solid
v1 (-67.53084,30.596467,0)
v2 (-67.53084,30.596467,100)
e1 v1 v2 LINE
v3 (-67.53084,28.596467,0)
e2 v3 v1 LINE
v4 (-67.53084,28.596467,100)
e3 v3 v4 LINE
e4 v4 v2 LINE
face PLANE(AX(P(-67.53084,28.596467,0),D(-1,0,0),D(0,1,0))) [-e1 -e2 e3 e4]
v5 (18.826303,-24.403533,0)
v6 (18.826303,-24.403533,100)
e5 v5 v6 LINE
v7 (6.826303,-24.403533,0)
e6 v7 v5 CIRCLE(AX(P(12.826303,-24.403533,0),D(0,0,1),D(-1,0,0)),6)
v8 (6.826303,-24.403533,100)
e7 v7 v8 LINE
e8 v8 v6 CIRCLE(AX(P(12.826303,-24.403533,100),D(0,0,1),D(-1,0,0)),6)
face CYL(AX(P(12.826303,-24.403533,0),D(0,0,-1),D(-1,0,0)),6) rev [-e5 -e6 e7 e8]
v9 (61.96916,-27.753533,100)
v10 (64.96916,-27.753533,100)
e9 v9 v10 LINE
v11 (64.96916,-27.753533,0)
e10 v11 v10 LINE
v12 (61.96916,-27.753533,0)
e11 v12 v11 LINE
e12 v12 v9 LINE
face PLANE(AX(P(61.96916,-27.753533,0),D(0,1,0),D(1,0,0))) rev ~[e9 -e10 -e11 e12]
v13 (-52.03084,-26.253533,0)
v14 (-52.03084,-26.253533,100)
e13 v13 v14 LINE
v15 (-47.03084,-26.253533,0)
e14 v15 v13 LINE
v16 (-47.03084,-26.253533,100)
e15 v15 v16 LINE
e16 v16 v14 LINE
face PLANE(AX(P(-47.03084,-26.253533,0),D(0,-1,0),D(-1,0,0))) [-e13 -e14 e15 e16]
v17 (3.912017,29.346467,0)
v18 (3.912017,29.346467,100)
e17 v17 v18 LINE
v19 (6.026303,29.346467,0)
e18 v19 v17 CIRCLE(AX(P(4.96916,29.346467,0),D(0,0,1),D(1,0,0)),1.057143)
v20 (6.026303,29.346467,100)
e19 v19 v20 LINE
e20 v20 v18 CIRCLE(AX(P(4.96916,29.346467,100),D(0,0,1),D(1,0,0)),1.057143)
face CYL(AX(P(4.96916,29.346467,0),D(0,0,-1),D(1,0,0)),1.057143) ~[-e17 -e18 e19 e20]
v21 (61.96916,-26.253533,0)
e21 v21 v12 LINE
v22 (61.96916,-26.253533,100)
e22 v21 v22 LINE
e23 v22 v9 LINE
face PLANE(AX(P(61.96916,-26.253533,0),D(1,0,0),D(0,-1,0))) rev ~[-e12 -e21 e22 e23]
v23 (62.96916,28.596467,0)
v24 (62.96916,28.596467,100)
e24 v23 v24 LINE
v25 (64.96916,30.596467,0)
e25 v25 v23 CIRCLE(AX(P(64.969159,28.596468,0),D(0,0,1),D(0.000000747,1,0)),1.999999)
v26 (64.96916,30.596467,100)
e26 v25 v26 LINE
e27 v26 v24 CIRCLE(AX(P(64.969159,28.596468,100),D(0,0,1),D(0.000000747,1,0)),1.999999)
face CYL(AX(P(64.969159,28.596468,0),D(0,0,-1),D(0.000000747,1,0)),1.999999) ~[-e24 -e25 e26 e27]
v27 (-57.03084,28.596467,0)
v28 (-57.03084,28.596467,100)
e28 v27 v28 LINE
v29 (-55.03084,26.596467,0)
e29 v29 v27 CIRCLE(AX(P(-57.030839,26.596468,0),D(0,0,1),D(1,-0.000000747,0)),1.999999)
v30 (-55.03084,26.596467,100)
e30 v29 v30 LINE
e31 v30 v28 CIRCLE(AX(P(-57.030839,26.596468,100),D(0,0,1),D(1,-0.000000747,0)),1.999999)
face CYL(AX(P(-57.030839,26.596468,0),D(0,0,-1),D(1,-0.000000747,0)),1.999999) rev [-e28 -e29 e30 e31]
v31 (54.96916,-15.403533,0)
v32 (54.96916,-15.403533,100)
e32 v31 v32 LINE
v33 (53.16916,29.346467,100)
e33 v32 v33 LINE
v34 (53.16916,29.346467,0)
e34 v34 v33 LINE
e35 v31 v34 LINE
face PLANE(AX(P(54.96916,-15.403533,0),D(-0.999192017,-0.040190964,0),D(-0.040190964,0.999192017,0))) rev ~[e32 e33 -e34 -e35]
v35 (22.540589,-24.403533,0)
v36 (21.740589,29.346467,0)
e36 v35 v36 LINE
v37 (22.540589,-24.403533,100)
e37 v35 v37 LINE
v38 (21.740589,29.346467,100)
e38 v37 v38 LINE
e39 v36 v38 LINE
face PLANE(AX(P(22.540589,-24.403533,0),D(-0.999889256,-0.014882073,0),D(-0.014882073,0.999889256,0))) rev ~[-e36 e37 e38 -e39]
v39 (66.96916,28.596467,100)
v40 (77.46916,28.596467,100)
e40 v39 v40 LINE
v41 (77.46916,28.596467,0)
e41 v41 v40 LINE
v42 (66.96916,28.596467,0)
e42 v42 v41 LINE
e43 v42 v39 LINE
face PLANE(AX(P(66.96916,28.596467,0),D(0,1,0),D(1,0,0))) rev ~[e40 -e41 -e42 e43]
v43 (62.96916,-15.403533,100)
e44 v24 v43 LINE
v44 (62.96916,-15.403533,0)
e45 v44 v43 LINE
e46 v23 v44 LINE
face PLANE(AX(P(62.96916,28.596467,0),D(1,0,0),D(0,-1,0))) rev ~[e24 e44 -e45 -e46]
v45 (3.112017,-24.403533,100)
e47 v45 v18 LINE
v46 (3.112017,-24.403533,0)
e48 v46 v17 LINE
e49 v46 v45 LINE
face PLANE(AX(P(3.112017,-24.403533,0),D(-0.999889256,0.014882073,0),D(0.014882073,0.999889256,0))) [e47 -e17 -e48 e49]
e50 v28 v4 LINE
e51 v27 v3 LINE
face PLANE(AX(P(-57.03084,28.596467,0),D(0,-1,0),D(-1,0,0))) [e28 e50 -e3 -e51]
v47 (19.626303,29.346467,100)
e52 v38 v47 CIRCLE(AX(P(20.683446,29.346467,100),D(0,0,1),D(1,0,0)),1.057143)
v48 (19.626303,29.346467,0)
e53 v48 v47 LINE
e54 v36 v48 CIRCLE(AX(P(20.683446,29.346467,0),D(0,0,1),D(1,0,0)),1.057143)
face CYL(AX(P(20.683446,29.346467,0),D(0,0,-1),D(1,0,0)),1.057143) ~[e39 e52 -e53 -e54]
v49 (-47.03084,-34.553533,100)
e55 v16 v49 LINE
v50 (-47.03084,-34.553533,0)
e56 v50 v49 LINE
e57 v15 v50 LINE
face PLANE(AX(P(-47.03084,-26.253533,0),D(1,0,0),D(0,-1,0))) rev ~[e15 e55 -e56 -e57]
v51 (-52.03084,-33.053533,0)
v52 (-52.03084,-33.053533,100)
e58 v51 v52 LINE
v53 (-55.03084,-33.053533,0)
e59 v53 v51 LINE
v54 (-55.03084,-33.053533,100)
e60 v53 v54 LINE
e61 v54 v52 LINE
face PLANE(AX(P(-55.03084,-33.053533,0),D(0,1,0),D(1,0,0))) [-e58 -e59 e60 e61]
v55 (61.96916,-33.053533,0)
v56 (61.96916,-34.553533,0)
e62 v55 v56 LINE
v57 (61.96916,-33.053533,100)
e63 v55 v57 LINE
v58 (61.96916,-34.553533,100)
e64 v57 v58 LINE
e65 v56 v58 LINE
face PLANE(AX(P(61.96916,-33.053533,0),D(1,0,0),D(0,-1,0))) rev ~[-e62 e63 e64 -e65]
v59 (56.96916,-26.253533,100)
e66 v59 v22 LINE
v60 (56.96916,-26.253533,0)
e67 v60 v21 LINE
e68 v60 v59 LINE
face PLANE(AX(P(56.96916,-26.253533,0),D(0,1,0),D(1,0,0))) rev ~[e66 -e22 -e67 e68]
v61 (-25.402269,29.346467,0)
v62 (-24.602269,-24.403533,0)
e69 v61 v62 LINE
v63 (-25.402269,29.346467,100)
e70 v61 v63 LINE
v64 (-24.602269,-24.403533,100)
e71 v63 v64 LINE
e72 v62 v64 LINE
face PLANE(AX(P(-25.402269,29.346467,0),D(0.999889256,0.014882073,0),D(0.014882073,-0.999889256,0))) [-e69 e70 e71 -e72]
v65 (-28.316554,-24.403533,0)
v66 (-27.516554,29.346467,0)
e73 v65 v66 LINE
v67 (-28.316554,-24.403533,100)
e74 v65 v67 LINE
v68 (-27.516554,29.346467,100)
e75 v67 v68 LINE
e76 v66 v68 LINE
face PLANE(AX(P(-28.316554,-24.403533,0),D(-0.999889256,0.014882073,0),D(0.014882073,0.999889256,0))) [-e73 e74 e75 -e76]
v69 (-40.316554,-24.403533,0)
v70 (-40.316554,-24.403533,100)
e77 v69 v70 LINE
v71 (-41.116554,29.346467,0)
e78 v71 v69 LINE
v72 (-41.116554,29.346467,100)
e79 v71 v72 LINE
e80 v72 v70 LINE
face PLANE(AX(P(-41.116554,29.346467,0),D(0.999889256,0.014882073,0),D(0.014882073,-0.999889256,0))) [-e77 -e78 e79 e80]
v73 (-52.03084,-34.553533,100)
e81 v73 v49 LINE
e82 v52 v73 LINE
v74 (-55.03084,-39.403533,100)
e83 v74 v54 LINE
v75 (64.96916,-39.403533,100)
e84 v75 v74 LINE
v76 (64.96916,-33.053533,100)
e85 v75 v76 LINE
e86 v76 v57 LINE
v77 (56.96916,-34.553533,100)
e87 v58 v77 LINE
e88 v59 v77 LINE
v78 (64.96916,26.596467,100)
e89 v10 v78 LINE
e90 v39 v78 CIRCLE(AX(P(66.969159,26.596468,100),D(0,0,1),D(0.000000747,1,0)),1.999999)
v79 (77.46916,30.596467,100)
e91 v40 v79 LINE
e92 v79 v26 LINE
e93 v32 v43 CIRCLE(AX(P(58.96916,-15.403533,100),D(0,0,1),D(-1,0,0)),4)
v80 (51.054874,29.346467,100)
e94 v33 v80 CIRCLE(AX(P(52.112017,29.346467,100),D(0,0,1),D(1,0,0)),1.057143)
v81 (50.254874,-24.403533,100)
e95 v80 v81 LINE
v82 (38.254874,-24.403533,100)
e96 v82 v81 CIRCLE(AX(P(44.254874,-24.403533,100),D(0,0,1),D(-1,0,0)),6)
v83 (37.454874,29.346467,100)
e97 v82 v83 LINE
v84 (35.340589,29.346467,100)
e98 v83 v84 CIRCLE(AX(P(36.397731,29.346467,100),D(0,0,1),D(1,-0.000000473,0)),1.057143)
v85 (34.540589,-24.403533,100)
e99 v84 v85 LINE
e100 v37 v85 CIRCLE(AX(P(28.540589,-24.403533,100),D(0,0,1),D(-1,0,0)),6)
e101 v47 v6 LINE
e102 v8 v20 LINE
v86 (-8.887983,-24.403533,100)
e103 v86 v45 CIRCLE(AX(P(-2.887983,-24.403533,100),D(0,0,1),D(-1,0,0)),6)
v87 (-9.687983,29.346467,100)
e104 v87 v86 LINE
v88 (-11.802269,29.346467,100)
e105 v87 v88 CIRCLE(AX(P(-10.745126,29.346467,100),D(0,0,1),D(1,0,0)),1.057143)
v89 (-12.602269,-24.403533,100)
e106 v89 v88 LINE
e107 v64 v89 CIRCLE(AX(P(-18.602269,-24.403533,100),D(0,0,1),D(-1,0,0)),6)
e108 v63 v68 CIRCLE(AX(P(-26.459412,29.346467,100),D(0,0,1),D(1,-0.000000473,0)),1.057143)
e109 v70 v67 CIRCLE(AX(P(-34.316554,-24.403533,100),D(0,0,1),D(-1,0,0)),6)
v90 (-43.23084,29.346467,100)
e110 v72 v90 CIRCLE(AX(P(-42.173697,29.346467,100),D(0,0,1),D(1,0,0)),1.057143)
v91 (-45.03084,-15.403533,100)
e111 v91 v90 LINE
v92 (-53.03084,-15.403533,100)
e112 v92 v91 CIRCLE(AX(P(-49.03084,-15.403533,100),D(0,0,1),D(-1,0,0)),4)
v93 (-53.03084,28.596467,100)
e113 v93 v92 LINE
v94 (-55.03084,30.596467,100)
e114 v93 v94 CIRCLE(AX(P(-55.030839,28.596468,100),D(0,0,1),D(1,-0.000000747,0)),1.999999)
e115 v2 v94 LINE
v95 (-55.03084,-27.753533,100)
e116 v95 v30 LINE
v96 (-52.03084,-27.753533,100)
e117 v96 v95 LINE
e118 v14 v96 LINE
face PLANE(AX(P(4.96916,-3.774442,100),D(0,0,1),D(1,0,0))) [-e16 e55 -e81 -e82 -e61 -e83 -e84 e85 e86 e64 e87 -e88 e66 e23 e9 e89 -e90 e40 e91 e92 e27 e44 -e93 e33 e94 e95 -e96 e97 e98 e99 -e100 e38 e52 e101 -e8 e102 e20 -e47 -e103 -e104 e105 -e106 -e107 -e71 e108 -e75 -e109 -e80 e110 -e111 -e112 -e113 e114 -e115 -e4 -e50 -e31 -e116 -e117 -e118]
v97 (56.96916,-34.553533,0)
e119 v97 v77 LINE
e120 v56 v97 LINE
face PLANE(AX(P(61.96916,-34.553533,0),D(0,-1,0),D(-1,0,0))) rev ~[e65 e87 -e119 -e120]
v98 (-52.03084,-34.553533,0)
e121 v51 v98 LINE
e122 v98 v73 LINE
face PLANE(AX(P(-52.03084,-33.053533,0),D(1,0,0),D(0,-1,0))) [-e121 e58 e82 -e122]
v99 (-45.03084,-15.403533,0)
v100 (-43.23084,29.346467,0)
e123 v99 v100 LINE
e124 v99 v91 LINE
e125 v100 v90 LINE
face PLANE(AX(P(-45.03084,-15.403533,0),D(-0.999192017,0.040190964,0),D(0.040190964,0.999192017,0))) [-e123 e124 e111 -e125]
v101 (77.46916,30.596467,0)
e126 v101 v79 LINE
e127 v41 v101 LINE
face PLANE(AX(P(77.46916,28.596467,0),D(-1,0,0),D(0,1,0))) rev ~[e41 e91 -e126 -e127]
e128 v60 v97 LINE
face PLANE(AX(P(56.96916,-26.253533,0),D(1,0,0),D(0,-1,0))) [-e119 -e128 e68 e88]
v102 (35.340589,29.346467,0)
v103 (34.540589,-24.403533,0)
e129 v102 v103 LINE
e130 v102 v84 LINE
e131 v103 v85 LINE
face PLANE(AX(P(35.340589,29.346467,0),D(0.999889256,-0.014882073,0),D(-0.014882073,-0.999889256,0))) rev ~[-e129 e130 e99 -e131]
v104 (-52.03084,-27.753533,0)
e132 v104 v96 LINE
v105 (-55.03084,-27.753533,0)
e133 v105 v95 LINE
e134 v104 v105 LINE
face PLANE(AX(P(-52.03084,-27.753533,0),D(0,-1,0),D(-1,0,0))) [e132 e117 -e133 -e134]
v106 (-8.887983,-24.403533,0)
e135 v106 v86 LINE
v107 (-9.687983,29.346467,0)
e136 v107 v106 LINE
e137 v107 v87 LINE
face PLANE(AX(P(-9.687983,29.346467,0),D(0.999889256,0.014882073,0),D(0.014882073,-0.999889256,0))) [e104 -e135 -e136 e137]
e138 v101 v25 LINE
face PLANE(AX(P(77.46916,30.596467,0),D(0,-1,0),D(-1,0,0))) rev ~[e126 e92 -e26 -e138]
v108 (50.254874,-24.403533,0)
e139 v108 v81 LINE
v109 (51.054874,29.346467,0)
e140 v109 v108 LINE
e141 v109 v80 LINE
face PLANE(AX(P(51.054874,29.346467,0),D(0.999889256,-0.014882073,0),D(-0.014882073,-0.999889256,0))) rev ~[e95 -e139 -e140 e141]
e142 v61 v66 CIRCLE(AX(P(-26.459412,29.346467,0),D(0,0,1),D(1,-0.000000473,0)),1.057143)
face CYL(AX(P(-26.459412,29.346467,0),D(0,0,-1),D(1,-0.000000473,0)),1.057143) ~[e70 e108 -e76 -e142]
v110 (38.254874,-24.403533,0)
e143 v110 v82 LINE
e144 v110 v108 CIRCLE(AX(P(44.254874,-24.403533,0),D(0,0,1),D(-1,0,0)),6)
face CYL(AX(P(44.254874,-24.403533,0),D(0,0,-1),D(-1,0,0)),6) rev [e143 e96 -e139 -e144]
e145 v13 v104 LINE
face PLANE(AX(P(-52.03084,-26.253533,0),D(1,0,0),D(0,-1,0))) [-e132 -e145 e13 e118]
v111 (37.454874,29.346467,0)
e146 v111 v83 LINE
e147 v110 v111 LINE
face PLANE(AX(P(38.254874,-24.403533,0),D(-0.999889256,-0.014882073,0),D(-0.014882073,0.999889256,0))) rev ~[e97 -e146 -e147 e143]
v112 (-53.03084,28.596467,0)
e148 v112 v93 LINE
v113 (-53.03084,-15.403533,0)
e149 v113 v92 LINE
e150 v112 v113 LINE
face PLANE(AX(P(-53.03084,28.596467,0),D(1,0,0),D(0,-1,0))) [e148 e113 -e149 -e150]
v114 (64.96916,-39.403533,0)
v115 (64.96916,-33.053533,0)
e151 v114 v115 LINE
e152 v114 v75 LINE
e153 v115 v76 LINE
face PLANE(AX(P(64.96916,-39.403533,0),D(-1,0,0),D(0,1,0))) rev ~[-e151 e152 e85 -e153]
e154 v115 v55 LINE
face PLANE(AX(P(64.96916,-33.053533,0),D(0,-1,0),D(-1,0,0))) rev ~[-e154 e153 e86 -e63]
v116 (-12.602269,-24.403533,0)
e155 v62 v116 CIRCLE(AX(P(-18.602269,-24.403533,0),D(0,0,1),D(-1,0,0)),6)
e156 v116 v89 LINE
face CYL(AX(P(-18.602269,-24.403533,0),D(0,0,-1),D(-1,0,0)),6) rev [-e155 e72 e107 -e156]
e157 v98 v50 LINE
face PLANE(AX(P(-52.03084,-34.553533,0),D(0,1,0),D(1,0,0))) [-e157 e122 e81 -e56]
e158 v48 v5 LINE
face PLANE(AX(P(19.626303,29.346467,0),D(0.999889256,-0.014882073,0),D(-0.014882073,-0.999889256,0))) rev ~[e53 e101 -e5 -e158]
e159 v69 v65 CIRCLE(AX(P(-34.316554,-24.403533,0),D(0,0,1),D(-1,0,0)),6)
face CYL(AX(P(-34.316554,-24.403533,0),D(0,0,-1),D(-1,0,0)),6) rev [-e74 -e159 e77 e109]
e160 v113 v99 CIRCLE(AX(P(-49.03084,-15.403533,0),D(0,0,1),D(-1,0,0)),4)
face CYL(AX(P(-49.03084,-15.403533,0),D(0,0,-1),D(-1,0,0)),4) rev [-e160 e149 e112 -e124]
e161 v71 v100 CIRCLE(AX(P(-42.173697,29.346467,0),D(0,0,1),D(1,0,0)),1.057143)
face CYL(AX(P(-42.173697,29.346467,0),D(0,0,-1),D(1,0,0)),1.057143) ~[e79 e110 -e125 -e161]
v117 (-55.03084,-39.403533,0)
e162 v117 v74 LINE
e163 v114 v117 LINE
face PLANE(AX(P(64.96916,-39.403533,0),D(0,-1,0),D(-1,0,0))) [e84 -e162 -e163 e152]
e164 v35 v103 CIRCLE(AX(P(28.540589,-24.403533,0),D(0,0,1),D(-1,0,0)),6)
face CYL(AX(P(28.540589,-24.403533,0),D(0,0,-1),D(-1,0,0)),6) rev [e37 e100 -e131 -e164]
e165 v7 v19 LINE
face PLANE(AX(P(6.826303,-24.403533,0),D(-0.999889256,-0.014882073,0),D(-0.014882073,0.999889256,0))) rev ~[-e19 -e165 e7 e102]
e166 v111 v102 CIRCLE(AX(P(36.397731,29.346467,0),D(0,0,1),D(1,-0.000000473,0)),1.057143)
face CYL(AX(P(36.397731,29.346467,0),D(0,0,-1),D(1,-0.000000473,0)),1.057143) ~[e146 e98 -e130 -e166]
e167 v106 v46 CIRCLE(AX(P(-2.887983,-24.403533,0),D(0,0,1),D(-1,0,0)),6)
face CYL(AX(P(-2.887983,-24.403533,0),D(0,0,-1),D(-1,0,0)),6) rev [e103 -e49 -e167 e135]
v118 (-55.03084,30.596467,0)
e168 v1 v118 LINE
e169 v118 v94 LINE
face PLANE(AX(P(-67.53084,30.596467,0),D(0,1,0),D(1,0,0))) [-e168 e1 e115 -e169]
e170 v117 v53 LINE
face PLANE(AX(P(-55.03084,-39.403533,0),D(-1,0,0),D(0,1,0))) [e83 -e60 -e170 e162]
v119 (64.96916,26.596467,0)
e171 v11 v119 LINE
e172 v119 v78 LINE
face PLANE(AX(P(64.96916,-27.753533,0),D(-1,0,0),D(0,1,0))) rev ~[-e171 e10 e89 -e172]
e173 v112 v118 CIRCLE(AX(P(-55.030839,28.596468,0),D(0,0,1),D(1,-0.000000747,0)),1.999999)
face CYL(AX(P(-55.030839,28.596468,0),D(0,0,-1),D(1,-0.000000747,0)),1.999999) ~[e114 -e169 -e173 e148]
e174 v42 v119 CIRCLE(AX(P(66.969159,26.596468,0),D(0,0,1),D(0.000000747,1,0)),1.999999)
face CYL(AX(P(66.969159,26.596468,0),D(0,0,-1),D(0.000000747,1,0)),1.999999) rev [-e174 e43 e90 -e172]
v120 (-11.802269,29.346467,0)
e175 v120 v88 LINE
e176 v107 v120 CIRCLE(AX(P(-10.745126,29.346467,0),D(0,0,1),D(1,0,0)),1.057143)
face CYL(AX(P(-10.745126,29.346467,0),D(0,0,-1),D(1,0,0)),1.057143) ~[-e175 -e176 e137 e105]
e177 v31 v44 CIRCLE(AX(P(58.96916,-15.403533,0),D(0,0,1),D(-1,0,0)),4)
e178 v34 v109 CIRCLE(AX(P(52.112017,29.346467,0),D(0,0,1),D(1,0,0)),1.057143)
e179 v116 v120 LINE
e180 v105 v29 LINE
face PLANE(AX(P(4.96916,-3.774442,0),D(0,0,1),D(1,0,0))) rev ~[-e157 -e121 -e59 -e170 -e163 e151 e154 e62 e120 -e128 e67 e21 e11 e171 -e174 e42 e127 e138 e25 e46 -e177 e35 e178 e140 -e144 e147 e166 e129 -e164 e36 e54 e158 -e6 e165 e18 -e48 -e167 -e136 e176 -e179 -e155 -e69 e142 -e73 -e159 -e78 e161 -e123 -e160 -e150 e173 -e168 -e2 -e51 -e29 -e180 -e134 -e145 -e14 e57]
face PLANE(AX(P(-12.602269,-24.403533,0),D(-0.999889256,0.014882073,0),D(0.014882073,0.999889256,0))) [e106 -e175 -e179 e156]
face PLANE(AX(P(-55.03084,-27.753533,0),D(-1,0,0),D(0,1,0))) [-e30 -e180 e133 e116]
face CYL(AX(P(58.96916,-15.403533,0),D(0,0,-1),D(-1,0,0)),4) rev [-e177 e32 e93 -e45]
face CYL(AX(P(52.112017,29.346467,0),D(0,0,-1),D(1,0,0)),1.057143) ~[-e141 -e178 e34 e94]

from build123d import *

# Parameters (mm, degrees)
PAD_DEPTH = 100


with BuildPart() as part:
    # Sketch002 → Pad (new body)
    with BuildSketch(Plane.XY):
        with BuildLine():
            Line((64.96916, -39.403533), (64.96916, -33.053533))
            Line((64.96916, -33.053533), (61.96916, -33.053533))
            Line((61.96916, -33.053533), (61.96916, -34.553533))
            Line((61.96916, -34.553533), (56.96916, -34.553533))
            Line((56.96916, -30.403533), (56.96916, -34.553533))
            Line((56.96916, -26.253533), (56.96916, -30.403533))
            Line((56.96916, -26.253533), (61.96916, -26.253533))
            Line((61.96916, -26.253533), (61.96916, -27.753533))
            Line((61.96916, -27.753533), (64.96916, -27.753533))
            Line((64.96916, -27.753533), (64.96916, 26.596467))
            ThreePointArc((66.96916, 28.596467), (65.554946, 28.010681), (64.96916, 26.596467))
            Line((66.96916, 28.596467), (77.46916, 28.596467))
            Line((77.46916, 28.596467), (77.46916, 30.596467))
            Line((77.46916, 30.596467), (64.96916, 30.596467))
            ThreePointArc((64.96916, 30.596467), (63.554946, 30.010681), (62.96916, 28.596467))
            Line((62.96916, 28.596467), (62.96916, -15.403533))
            ThreePointArc((54.96916, -15.403533), (58.96916, -19.403533), (62.96916, -15.403533))
            Line((54.96916, -15.403533), (53.16916, 29.346467))
            ThreePointArc((53.16916, 29.346467), (52.112017, 30.40361), (51.054874, 29.346467))
            Line((51.054874, 29.346467), (50.254874, -24.403533))
            ThreePointArc((38.254874, -24.403533), (44.254874, -30.403533), (50.254874, -24.403533))
            Line((38.254874, -24.403533), (37.454874, 29.346467))
            ThreePointArc((37.454874, 29.346467), (36.397731, 30.40361), (35.340589, 29.346467))
            Line((35.340589, 29.346467), (34.540589, -24.403533))
            ThreePointArc((22.540589, -24.403533), (28.540589, -30.403533), (34.540589, -24.403533))
            Line((22.540589, -24.403533), (21.740589, 29.346467))
            ThreePointArc((21.740589, 29.346467), (20.683446, 30.40361), (19.626303, 29.346467))
            Line((19.626303, 29.346467), (18.826303, -24.403533))
            ThreePointArc((6.826303, -24.403533), (12.826303, -30.403533), (18.826303, -24.403533))
            Line((6.826303, -24.403533), (6.026303, 29.346467))
            ThreePointArc((6.026303, 29.346467), (4.96916, 30.40361), (3.912017, 29.346467))
            Line((3.112017, -24.403533), (3.912017, 29.346467))
            ThreePointArc((-8.887983, -24.403533), (-2.887983, -30.403533), (3.112017, -24.403533))
            Line((-9.687983, 29.346467), (-8.887983, -24.403533))
            ThreePointArc((-9.687983, 29.346467), (-10.745126, 30.40361), (-11.802269, 29.346467))
            Line((-12.602269, -24.403533), (-11.802269, 29.346467))
            ThreePointArc((-24.602269, -24.403533), (-18.602269, -30.403533), (-12.602269, -24.403533))
            Line((-25.402269, 29.346467), (-24.602269, -24.403533))
            ThreePointArc((-25.402269, 29.346467), (-26.459411, 30.40361), (-27.516554, 29.346467))
            Line((-28.316554, -24.403533), (-27.516554, 29.346467))
            ThreePointArc((-40.316554, -24.403533), (-34.316554, -30.403533), (-28.316554, -24.403533))
            Line((-41.116554, 29.346467), (-40.316554, -24.403533))
            ThreePointArc((-41.116554, 29.346467), (-42.173697, 30.40361), (-43.23084, 29.346467))
            Line((-45.03084, -15.403533), (-43.23084, 29.346467))
            ThreePointArc((-53.03084, -15.403533), (-49.03084, -19.403533), (-45.03084, -15.403533))
            Line((-53.03084, 28.596467), (-53.03084, -15.403533))
            ThreePointArc((-53.03084, 28.596467), (-53.616626, 30.010681), (-55.03084, 30.596467))
            Line((-67.53084, 30.596467), (-55.03084, 30.596467))
            Line((-67.53084, 28.596467), (-67.53084, 30.596467))
            Line((-57.03084, 28.596467), (-67.53084, 28.596467))
            ThreePointArc((-55.03084, 26.596467), (-55.616626, 28.010681), (-57.03084, 28.596467))
            Line((-55.03084, -27.753533), (-55.03084, 26.596467))
            Line((-52.03084, -27.753533), (-55.03084, -27.753533))
            Line((-52.03084, -26.253533), (-52.03084, -27.753533))
            Line((-47.03084, -26.253533), (-52.03084, -26.253533))
            Line((-47.03084, -26.253533), (-47.03084, -30.403533))
            Line((-47.03084, -30.403533), (-47.03084, -34.553533))
            Line((-52.03084, -34.553533), (-47.03084, -34.553533))
            Line((-52.03084, -33.053533), (-52.03084, -34.553533))
            Line((-55.03084, -33.053533), (-52.03084, -33.053533))
            Line((-55.03084, -39.403533), (-55.03084, -33.053533))
            Line((64.96916, -39.403533), (-55.03084, -39.403533))
        make_face()
    extrude(amount=PAD_DEPTH)


solid = part.part
